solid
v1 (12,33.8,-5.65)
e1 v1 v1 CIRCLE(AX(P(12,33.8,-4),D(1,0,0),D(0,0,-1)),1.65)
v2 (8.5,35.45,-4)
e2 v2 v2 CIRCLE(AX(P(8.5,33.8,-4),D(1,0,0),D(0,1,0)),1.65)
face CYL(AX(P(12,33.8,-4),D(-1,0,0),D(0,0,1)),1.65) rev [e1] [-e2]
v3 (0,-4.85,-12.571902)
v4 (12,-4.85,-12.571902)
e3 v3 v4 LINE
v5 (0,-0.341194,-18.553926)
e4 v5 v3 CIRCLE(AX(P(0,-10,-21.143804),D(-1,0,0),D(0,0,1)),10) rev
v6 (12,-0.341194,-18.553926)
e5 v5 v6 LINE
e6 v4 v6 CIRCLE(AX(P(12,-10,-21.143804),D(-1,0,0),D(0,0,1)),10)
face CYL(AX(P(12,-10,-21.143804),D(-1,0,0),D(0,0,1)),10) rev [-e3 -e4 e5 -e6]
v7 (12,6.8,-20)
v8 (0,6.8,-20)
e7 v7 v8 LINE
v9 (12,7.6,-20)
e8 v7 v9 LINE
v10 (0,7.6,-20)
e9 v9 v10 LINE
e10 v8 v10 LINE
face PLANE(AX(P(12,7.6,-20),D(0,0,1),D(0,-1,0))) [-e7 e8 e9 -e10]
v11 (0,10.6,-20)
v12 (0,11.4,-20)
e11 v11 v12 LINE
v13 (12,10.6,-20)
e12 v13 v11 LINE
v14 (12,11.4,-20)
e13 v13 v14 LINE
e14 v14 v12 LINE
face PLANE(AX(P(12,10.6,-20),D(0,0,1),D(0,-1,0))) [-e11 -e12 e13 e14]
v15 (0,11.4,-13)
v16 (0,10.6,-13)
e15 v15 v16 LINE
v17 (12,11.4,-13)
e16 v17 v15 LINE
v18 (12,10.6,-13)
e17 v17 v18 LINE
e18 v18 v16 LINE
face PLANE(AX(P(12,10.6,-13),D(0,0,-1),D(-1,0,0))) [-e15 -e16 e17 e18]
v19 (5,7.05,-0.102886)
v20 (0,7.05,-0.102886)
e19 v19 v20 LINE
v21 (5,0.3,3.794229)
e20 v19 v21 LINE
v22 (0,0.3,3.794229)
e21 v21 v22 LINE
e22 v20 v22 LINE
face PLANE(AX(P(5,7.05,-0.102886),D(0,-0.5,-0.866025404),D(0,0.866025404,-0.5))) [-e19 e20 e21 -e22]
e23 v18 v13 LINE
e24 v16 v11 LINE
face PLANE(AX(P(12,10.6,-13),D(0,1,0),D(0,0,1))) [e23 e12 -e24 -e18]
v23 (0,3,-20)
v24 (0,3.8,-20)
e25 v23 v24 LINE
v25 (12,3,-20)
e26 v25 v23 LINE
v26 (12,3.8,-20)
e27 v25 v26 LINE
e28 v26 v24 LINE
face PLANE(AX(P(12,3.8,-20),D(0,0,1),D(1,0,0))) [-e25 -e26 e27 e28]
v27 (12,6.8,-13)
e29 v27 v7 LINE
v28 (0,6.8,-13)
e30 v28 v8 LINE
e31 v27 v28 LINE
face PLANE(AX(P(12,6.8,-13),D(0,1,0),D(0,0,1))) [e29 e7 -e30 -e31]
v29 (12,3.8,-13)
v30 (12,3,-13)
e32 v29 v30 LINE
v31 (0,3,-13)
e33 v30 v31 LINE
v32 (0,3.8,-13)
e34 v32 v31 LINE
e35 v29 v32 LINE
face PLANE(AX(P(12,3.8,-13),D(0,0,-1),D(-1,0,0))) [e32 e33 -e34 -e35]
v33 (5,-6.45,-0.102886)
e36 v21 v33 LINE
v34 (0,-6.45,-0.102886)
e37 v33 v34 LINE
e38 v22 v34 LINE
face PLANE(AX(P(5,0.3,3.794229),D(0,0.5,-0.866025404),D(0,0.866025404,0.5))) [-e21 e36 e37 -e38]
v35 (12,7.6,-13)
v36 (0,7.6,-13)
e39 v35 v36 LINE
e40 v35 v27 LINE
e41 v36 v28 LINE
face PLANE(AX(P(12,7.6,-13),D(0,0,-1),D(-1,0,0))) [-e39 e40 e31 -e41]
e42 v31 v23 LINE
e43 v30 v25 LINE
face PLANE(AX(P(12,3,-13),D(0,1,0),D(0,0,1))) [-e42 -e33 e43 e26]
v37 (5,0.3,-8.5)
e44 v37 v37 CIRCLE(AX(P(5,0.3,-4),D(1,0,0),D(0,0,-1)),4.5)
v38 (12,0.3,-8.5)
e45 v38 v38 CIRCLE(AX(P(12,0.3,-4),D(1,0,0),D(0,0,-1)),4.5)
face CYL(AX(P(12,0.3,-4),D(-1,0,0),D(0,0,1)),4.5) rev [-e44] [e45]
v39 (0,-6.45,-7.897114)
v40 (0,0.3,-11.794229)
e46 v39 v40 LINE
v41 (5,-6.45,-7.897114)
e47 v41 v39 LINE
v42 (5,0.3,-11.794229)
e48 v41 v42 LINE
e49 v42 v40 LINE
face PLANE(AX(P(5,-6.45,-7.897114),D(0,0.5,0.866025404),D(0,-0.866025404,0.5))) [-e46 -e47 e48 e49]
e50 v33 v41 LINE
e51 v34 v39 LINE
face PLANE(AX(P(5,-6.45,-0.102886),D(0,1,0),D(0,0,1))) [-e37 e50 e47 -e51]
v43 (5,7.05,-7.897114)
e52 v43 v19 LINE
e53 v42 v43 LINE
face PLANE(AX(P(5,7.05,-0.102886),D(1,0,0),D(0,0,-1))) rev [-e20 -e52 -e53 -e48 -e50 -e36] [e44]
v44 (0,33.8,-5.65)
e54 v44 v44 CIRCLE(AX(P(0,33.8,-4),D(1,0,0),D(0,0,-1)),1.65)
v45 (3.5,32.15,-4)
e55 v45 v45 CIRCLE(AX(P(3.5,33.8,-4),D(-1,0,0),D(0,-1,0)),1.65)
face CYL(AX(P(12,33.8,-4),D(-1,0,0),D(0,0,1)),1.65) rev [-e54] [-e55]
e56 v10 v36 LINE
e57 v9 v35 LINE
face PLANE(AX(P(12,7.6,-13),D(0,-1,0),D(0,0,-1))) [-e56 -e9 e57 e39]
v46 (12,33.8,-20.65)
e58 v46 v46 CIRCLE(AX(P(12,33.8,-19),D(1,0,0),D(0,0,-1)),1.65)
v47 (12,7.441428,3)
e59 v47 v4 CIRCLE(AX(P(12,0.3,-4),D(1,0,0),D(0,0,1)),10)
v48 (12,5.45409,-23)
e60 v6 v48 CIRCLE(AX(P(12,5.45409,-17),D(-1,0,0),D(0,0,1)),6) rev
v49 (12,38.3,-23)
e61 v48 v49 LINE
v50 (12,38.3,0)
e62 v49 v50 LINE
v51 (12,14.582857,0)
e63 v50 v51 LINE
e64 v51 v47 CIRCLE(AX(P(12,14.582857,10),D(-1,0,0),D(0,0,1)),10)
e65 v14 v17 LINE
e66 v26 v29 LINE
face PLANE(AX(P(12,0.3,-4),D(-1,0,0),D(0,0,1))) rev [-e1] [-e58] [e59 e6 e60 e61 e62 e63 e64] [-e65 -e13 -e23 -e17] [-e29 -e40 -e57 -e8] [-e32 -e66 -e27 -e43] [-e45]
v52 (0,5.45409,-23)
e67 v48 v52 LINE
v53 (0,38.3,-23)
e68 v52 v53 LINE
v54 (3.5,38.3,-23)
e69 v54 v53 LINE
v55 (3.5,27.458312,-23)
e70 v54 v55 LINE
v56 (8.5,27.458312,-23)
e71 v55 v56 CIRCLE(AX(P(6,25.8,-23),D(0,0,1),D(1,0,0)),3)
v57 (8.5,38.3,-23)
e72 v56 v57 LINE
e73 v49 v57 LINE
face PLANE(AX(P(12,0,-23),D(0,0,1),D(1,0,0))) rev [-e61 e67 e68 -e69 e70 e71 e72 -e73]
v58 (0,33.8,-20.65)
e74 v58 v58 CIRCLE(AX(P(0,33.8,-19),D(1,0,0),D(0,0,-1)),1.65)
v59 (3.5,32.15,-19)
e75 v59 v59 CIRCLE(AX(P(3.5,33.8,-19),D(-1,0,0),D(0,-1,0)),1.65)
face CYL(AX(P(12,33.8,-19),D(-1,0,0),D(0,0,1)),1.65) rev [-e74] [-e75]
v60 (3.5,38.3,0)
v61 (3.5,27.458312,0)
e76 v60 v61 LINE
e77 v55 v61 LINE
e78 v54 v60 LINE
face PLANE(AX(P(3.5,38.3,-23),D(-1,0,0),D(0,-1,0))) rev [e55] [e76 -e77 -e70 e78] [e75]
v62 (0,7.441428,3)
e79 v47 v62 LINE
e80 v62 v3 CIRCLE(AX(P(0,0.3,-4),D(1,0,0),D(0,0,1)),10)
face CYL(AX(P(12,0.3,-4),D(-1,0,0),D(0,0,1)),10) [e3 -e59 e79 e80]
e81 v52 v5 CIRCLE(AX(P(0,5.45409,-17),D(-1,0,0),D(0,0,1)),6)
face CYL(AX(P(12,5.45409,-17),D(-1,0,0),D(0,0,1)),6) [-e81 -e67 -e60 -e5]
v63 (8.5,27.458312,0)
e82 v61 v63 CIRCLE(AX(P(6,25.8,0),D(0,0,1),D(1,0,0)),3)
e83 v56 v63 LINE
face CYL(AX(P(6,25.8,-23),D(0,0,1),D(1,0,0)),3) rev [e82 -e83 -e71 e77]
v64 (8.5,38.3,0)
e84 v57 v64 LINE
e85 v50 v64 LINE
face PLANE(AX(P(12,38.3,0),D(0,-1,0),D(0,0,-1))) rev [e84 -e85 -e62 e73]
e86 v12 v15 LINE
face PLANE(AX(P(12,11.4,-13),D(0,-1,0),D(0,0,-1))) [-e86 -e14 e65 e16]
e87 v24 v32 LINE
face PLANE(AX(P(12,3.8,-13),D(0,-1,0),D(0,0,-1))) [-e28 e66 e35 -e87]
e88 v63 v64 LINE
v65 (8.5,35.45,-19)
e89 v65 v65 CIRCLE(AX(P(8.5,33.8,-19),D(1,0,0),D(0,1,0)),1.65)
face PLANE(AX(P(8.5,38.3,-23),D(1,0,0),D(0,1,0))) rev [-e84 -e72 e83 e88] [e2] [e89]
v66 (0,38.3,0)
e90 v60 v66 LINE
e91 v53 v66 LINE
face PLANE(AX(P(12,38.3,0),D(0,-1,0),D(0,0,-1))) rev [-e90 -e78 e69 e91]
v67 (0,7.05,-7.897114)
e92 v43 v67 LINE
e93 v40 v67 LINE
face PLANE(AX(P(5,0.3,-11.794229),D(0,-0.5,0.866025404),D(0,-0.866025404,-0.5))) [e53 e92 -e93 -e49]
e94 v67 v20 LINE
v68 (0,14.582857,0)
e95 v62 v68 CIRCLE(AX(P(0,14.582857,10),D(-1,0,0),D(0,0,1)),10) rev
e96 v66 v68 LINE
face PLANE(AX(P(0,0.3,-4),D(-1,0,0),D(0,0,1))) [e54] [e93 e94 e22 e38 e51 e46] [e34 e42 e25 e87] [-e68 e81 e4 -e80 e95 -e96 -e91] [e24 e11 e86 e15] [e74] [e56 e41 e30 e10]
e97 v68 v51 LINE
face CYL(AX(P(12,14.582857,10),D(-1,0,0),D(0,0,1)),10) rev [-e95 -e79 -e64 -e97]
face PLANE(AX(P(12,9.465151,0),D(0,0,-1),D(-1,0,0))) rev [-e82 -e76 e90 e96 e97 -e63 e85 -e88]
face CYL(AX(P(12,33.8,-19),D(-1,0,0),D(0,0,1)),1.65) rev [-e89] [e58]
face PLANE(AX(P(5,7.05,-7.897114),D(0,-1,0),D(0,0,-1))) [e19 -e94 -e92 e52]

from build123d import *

# Parameters (mm, degrees)
SKIZZE1_R                       = 1.65
SKIZZE1_R_2                     = 4.5
SKIZZE1_W                       = 7
SKIZZE1_H                       = 0.8
AUFSATZ_LINEAR_AUSTRAGEN1_DEPTH = 12
SCHNITT_LINEAR_AUSTRAGEN2_DEPTH = 47.258945081
SCHNITT_LINEAR_AUSTRAGEN4_DEPTH = 5
VERRUNDUNG1_R                   = 10
VERRUNDUNG3_R                   = 6


with BuildPart() as part:
    # Skizze1 → Aufsatz-Linear austragen1 (new body)
    with BuildSketch(Plane(origin=(0, 0, 0), x_dir=(0, 0, -1), z_dir=(1, 0, 0))):
        with BuildLine():
            Line((13.995498987, 0), (23, 0))
            Line((23, 0), (23, 38.3))
            Line((23, 38.3), (0, 38.3))
            Line((0, 38.3), (0, 9.46515139))
            ThreePointArc((0, 9.46515139), (-1.602122342, -7.983491128), (13.995498987, 0))
        make_face()
        with Locations((4, 33.8)):
            Circle(SKIZZE1_R, mode=Mode.SUBTRACT)
        with Locations((19, 33.8)):
            Circle(SKIZZE1_R, mode=Mode.SUBTRACT)
        with Locations((4, 0.3)):
            Circle(SKIZZE1_R_2, mode=Mode.SUBTRACT)
        with Locations((16.5, 3.4)):
            Rectangle(SKIZZE1_W, SKIZZE1_H, mode=Mode.SUBTRACT)
        with Locations((16.5, 7.2)):
            Rectangle(SKIZZE1_W, SKIZZE1_H, mode=Mode.SUBTRACT)
        with Locations((16.5, 11)):
            Rectangle(SKIZZE1_W, SKIZZE1_H, mode=Mode.SUBTRACT)
    extrude(amount=AUFSATZ_LINEAR_AUSTRAGEN1_DEPTH)

    # Skizze2 → Schnitt-Linear austragen2 (cut, through all)
    with BuildSketch(Plane.XY):
        with BuildLine():
            Line((3.5, 38.3), (8.5, 38.3))
            Line((8.5, 38.3), (8.5, 27.458312395))
            ThreePointArc((8.5, 27.458312395), (6, 22.8), (3.5, 27.458312395))
            Line((3.5, 27.458312395), (3.5, 38.3))
        make_face()
    extrude(amount=-SCHNITT_LINEAR_AUSTRAGEN2_DEPTH, mode=Mode.SUBTRACT)

    # Skizze5 → Schnitt-Linear austragen4 (cut)
    with BuildSketch(Plane(origin=(0, 0, 0), x_dir=(0, 0, -1), z_dir=(1, 0, 0))):
        Polygon((0.102885683, 7.05), (-3.794228634, 0.3), (0.102885683, -6.45), (7.897114317, -6.45), (11.794228634, 0.3), (7.897114317, 7.05), align=None)
    extrude(amount=SCHNITT_LINEAR_AUSTRAGEN4_DEPTH, mode=Mode.SUBTRACT)

    # Verrundung1
    verrundung1_edges = [part.edges().sort_by_distance(p)[0] for p in [
        (6, 0, -13.995498987),
        (6, 9.46515139, 0),
    ]]
    fillet(verrundung1_edges, radius=VERRUNDUNG1_R)

    # Verrundung3
    verrundung3_edges = [part.edges().sort_by_distance(p)[0] for p in [
        (6, 0, -23),
    ]]
    fillet(verrundung3_edges, radius=VERRUNDUNG3_R)


solid = part.part
